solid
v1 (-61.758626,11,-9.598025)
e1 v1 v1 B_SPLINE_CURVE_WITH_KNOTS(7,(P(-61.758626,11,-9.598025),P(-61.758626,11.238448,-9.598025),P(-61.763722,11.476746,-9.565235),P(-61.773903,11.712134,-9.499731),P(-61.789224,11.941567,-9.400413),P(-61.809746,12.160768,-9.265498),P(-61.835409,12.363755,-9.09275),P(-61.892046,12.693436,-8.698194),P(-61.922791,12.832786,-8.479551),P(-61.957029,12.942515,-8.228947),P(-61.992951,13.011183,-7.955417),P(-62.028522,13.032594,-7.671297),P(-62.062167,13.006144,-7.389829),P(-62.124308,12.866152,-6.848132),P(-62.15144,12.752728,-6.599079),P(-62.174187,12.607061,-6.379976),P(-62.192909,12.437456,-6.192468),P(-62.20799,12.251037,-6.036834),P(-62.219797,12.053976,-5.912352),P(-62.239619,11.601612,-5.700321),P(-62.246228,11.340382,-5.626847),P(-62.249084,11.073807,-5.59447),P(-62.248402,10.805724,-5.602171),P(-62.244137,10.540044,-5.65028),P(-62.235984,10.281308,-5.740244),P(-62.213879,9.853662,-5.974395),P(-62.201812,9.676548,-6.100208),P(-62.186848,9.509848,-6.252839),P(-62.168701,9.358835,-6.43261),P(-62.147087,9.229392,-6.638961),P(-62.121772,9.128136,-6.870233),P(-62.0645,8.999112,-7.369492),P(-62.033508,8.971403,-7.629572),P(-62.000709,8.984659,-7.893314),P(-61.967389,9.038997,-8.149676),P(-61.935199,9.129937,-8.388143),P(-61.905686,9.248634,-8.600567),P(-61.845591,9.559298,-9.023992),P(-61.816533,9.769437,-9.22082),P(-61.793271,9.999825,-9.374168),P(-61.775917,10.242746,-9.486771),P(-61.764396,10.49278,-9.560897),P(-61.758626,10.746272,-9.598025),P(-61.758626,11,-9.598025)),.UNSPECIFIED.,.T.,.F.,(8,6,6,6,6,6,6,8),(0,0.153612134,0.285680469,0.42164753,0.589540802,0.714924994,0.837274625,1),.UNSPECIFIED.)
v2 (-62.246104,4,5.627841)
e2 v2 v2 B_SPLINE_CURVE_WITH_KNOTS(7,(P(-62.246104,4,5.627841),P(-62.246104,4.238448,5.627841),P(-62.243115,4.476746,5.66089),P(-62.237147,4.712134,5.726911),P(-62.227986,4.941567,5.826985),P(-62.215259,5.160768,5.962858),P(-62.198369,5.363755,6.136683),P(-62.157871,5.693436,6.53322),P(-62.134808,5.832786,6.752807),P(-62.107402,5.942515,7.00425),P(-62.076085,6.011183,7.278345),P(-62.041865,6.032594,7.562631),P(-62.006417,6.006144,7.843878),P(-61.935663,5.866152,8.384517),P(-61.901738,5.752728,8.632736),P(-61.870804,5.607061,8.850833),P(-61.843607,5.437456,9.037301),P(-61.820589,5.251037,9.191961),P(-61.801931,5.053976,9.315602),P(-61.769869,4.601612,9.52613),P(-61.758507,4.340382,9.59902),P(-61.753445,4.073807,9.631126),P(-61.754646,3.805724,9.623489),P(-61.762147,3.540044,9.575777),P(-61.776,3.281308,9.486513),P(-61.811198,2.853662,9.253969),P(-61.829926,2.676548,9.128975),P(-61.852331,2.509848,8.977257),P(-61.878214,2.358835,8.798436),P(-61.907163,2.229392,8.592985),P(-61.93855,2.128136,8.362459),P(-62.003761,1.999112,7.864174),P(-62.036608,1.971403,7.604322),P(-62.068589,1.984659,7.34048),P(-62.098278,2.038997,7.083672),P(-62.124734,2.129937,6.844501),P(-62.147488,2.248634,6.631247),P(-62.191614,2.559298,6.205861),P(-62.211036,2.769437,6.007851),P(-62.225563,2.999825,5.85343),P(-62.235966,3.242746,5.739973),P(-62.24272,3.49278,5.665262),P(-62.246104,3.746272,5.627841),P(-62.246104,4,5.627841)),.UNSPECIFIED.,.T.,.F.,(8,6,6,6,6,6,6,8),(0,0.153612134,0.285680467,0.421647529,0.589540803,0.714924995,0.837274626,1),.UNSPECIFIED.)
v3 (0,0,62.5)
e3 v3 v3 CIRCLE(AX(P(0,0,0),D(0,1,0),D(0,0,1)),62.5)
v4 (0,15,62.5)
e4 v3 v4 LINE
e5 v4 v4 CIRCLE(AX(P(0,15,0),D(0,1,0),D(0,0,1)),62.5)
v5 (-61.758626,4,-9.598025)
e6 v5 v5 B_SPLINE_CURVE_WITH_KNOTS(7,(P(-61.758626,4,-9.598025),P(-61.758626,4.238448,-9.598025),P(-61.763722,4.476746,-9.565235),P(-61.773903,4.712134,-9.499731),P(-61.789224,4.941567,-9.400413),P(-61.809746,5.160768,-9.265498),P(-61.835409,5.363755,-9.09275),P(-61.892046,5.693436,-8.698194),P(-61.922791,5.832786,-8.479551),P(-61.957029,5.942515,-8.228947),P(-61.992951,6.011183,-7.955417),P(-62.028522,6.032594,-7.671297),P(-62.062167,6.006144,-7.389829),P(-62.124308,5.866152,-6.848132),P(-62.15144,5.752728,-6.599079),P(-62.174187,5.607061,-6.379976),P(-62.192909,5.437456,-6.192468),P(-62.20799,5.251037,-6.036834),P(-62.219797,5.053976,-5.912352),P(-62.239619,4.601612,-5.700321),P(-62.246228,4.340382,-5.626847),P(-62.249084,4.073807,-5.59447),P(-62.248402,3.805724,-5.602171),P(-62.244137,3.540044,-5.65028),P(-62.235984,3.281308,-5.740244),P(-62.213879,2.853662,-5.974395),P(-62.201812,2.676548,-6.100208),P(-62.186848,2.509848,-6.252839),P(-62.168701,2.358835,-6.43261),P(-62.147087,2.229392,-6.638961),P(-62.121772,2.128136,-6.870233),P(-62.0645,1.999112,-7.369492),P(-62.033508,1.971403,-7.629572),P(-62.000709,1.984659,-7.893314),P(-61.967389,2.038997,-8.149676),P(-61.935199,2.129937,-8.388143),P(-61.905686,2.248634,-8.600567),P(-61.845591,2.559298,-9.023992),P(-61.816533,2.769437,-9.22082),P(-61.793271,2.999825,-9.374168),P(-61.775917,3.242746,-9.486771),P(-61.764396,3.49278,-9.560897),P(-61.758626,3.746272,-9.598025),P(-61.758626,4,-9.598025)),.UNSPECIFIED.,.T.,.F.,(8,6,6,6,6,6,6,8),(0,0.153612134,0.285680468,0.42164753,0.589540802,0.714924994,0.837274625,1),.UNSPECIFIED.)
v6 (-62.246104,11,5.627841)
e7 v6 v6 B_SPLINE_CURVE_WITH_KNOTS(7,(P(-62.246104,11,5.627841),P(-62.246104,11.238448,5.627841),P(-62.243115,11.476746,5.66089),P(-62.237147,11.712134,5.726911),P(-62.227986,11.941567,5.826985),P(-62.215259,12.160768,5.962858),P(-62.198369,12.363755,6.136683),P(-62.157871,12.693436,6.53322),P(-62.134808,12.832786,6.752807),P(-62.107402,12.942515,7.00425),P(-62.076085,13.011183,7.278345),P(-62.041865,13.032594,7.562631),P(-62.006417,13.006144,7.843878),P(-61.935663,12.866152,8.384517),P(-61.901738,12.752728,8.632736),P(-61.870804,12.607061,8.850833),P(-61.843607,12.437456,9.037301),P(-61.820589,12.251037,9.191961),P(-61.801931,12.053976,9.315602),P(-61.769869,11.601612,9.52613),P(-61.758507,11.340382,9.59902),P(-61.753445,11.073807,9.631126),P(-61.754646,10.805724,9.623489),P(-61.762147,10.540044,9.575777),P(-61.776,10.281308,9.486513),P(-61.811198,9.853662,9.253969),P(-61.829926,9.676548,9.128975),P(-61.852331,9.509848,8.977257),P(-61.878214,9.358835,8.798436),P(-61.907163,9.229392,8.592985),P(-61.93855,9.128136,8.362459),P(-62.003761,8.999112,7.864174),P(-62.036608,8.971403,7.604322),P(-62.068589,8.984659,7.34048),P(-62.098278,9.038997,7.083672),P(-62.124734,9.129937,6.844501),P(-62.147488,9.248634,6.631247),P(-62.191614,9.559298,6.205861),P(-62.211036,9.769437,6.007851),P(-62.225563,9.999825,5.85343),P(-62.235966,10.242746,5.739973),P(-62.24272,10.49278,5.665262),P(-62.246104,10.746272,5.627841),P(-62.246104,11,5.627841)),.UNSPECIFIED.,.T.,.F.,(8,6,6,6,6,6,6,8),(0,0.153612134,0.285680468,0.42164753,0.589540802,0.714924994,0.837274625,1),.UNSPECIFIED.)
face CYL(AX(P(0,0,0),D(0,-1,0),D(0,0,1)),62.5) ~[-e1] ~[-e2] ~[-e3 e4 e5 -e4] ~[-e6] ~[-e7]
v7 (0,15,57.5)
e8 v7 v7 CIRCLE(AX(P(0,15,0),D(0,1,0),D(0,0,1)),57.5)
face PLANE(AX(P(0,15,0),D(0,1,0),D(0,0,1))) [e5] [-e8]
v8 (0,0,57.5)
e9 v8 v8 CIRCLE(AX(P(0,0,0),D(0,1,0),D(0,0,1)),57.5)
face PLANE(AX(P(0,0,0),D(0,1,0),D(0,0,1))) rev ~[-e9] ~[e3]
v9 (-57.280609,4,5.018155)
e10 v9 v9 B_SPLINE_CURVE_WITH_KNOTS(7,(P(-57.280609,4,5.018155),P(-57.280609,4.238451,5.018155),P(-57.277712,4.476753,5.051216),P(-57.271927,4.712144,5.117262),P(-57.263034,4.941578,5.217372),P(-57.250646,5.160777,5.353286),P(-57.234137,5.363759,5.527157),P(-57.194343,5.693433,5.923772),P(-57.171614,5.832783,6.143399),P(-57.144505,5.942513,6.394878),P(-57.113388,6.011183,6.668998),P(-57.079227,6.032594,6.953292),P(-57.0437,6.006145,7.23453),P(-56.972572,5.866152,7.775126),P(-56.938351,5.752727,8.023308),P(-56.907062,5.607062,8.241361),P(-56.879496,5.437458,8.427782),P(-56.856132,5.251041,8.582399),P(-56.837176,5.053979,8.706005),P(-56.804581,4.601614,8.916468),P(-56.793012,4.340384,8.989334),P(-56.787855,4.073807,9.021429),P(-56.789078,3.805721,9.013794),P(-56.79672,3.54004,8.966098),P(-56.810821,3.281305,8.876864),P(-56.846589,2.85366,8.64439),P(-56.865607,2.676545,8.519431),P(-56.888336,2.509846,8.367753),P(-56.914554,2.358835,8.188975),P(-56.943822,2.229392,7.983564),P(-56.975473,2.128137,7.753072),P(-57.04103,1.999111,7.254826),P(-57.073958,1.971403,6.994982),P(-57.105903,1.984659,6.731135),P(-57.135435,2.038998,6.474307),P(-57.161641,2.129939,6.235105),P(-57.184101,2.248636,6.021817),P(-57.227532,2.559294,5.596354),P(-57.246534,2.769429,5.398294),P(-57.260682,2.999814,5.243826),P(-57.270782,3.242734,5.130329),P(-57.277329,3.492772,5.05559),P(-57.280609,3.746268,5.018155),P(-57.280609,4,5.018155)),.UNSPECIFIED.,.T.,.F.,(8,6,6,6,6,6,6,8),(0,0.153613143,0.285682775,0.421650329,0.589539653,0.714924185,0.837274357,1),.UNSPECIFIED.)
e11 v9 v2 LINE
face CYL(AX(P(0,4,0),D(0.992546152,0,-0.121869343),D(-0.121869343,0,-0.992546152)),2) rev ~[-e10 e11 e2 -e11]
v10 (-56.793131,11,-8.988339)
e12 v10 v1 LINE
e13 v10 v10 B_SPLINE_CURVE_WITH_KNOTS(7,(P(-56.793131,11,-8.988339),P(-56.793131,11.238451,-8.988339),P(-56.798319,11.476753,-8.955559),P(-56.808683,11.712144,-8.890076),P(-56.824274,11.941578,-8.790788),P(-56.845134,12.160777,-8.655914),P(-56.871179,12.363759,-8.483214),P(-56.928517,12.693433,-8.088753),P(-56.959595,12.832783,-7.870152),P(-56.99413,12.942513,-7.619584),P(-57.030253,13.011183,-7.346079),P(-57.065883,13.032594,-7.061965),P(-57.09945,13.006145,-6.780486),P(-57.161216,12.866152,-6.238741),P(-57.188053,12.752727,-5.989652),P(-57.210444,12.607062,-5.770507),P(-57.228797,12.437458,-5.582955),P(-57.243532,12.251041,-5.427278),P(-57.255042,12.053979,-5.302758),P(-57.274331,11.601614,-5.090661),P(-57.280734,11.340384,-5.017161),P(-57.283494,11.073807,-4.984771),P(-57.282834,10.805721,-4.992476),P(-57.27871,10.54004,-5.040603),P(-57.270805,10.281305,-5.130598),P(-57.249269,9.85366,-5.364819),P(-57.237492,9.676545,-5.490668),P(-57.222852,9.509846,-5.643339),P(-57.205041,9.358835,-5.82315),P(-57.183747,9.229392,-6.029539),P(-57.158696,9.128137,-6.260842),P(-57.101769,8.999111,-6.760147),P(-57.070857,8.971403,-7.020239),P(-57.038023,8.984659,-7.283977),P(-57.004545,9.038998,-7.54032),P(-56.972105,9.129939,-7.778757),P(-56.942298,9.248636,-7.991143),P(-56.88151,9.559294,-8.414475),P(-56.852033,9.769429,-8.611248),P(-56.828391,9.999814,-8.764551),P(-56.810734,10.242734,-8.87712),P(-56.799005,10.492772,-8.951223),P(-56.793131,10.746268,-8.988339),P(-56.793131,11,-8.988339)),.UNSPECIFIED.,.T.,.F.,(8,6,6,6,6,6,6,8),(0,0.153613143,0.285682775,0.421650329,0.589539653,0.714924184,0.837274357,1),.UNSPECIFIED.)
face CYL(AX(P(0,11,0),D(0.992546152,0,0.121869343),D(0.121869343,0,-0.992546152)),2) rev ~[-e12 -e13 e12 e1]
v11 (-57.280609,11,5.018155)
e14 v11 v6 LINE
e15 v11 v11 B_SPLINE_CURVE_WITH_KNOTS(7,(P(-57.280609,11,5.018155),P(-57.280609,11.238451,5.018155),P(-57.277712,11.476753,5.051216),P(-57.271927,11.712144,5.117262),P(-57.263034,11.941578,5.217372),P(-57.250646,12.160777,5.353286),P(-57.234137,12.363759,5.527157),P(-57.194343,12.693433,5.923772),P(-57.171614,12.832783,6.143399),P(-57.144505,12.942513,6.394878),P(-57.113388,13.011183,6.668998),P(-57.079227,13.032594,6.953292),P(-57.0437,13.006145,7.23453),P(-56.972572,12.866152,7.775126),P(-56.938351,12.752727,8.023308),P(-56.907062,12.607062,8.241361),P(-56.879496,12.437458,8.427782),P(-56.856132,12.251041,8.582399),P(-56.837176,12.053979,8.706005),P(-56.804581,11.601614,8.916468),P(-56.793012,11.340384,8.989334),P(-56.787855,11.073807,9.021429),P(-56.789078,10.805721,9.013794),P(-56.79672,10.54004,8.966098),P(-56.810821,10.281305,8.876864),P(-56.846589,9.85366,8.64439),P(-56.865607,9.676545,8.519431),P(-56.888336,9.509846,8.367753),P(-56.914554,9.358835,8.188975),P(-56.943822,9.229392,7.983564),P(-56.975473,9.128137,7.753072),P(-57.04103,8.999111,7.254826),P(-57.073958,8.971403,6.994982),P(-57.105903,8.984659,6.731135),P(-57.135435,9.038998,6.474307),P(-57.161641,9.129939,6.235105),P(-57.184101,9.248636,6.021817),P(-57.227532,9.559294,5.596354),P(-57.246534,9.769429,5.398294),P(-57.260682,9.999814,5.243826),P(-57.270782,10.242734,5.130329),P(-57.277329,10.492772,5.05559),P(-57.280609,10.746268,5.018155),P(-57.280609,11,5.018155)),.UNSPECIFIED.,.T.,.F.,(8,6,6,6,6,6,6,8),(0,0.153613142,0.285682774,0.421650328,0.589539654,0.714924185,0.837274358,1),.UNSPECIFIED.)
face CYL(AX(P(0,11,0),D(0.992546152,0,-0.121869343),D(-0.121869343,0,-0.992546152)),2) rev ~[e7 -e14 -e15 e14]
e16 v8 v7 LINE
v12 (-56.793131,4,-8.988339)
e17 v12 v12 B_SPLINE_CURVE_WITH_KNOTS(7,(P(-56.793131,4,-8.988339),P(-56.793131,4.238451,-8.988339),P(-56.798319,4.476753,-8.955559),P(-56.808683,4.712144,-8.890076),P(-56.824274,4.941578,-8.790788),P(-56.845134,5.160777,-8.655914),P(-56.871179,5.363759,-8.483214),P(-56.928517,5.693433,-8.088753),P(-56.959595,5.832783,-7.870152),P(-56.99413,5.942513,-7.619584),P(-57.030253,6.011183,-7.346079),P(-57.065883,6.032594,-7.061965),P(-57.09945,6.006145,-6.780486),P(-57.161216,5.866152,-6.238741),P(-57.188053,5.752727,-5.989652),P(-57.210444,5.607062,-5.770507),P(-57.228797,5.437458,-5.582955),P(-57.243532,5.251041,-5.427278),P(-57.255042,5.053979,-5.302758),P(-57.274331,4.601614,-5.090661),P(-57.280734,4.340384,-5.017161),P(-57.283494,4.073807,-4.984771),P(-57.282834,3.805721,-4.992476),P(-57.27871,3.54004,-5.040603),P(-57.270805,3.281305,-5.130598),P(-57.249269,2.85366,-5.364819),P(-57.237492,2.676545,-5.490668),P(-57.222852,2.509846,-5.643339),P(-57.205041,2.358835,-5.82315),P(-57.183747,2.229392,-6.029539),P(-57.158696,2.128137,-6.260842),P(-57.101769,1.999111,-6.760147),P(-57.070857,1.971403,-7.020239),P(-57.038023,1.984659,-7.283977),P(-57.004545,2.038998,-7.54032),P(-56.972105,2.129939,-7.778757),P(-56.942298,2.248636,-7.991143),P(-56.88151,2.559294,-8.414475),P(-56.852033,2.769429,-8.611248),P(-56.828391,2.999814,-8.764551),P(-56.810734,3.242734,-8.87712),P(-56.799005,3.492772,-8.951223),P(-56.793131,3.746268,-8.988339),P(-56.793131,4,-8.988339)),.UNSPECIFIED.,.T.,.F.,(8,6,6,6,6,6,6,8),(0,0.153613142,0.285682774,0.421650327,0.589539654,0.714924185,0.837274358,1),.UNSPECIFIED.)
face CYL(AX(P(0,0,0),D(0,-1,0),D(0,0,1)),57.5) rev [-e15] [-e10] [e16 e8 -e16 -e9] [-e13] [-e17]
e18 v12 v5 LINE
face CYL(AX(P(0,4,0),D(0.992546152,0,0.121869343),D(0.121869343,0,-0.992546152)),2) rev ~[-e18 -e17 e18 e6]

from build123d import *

# Parameters (mm, degrees)
SKETCH_1_R          = 62.5
SKETCH_1_R_2        = 57.5
EXTRUDE_1_DEPTH     = 15
SKETCH_3_R          = 2
CUT_EXTRUDE_1_DEPTH = 71
SKETCH_4_R          = 2
CUT_EXTRUDE_2_DEPTH = 71


with BuildPart() as part:
    # 草图1 → 凸台-拉伸1 (new body)
    with BuildSketch(Plane(origin=(0, 0, 0), x_dir=(1, 0, 0), z_dir=(0, 1, 0))):
        with Locations(Location((0, 0, 0), (0, 0, 270))):
            Circle(SKETCH_1_R)
        with Locations(Location((0, 0, 0), (0, 0, 270))):
            Circle(SKETCH_1_R_2, mode=Mode.SUBTRACT)
    extrude(amount=EXTRUDE_1_DEPTH)

    # 草图3 → 切除-拉伸1 (cut)
    with BuildSketch(Plane(origin=(0, 0, 0), x_dir=(-0.12186934340515121, 0, -0.9925461516413215), z_dir=(0.9925461516413215, 0, -0.12186934340515121))):
        with Locations((0, 11)):
            Circle(SKETCH_3_R)
        with Locations((0, 4)):
            Circle(SKETCH_3_R)
    extrude(amount=-CUT_EXTRUDE_1_DEPTH, mode=Mode.SUBTRACT)

    # 草图4 → 切除-拉伸2 (cut)
    with BuildSketch(Plane(origin=(0, 0, 0), x_dir=(0.12186934340514427, 0, -0.9925461516413224), z_dir=(0.9925461516413224, 0, 0.12186934340514427))):
        with Locations((0, 11)):
            Circle(SKETCH_4_R)
        with Locations((0, 4)):
            Circle(SKETCH_4_R)
    extrude(amount=-CUT_EXTRUDE_2_DEPTH, mode=Mode.SUBTRACT)


solid = part.part
